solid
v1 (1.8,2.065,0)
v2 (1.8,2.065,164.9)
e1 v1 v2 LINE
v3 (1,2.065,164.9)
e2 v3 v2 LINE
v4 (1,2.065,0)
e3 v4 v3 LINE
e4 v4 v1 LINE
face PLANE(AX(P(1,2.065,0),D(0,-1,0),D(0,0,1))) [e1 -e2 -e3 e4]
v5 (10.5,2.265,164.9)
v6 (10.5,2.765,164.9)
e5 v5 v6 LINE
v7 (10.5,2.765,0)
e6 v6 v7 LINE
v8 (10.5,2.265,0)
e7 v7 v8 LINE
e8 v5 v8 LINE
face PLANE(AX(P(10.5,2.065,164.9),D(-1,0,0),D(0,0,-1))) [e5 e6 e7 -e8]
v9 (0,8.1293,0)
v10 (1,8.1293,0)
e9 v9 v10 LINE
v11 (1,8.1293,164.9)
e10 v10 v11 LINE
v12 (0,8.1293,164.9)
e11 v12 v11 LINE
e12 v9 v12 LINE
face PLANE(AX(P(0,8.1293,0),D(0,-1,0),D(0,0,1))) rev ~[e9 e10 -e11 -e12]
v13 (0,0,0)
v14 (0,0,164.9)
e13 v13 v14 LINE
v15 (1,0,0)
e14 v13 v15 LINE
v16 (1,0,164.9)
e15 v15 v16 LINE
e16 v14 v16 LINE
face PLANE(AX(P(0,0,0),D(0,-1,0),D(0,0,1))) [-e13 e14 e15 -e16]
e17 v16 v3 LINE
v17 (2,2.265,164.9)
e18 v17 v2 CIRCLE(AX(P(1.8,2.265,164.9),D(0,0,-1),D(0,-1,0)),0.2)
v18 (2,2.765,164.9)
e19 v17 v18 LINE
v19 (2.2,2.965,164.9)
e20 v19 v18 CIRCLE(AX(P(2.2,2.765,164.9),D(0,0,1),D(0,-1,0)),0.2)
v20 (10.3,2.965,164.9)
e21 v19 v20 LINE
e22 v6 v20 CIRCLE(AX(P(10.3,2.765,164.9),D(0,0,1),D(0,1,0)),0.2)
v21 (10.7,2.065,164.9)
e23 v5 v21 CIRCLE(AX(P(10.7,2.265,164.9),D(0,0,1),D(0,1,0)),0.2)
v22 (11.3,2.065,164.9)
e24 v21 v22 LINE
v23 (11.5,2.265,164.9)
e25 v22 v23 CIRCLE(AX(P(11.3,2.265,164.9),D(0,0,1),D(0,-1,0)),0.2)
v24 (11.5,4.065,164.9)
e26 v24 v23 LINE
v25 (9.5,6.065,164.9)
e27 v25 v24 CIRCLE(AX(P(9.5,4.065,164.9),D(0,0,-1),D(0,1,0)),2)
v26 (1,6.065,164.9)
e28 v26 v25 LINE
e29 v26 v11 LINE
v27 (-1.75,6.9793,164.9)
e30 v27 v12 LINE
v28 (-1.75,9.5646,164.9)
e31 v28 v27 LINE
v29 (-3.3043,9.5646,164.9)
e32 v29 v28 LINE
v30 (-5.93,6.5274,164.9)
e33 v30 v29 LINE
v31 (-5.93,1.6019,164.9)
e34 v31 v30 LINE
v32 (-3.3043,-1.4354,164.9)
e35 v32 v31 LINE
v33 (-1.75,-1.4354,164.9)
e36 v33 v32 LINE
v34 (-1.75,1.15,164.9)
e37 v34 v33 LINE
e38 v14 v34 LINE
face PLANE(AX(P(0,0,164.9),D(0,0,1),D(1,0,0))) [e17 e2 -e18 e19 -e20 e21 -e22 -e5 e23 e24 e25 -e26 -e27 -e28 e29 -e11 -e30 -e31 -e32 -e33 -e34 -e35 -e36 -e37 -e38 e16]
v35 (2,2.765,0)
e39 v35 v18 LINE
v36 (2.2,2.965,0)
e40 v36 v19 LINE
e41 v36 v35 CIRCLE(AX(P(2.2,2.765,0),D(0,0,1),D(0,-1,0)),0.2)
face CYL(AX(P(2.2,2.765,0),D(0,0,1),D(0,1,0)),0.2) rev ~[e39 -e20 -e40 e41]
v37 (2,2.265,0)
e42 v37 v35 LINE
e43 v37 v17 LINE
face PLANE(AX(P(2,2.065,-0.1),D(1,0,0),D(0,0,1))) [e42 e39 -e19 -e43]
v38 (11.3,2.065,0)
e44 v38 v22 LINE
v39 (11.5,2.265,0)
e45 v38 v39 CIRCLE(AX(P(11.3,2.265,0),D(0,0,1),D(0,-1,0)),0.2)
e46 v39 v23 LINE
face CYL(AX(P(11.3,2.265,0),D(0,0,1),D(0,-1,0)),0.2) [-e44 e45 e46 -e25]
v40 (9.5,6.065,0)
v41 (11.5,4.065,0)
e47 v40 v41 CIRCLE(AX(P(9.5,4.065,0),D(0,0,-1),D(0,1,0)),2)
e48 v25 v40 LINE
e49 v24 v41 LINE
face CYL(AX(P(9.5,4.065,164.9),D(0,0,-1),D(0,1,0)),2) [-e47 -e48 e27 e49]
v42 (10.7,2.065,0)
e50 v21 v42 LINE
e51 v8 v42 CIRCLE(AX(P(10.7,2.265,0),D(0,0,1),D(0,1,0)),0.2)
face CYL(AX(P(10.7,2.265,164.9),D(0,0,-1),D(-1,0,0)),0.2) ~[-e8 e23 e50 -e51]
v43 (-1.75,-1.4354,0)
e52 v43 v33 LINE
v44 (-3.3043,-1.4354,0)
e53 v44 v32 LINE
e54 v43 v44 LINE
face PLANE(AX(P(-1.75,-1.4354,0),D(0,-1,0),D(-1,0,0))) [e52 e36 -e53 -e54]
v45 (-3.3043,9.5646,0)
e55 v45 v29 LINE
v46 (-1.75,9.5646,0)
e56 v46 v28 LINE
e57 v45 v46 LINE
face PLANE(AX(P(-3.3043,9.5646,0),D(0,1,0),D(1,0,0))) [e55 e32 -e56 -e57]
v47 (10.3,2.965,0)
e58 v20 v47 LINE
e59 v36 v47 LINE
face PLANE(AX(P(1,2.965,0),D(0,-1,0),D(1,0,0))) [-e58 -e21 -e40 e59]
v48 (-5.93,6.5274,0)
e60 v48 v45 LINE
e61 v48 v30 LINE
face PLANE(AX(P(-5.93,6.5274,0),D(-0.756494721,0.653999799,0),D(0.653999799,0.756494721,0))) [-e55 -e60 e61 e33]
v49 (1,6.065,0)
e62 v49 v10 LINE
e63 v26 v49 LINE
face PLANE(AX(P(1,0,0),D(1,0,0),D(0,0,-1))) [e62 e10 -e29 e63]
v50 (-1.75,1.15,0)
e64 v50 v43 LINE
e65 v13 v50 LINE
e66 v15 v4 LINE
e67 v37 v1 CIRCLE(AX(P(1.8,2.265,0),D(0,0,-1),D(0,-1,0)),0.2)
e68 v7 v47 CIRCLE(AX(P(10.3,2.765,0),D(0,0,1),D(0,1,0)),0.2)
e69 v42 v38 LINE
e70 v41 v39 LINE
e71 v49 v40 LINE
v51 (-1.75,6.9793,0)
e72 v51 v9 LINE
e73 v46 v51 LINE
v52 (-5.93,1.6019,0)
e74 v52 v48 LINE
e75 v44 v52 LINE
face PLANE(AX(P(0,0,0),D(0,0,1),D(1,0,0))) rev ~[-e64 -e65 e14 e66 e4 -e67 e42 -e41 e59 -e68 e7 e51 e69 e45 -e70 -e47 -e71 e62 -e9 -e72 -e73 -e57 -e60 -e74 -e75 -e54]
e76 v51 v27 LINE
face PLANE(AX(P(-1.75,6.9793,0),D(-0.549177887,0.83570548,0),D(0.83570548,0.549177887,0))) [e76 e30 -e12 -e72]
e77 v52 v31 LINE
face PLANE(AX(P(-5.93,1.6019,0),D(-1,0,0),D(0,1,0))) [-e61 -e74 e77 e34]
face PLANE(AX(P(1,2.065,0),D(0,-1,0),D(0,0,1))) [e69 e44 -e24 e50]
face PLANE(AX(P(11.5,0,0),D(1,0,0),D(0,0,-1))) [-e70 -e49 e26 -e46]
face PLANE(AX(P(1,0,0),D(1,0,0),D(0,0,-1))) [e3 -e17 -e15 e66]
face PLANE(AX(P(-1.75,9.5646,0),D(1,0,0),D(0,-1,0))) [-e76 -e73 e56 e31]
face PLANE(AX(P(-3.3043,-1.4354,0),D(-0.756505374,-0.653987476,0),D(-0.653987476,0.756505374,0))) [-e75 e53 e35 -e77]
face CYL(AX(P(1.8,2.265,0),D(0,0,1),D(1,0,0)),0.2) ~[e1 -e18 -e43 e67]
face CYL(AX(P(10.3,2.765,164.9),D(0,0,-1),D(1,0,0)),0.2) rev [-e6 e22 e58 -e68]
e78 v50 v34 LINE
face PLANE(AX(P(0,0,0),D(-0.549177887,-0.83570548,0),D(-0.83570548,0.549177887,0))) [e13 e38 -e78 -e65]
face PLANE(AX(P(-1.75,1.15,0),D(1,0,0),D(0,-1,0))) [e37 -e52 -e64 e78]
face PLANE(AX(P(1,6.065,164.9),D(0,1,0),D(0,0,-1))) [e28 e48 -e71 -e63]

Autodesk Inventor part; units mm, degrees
ref_plane "YZ Plane" through (0, 0, 0) normal (1, 0, 0) x (0, 1, 0)
ref_plane "XZ Plane" through (0, 0, 0) normal (0, 1, 0) x (-1, 0, 0)
ref_plane "XY Plane" through (0, 0, 0) normal (0, 0, 1) x (1, 0, 0)
sketch "Sketch1" plane through (0, 0, 0) normal (0, 0, 1) x (1, 0, 0)
  line L0 (0.0426, 8.3509) -> (2.1366, 8.3509) construction
  line L1 (-5.93, 6.5274) -> (-3.3043, 9.5646)
  line L2 (-3.3043, 9.5646) -> (-1.75, 9.5646)
  line L3 (-1.75, 9.5646) -> (-1.75, 6.9793)
  line L4 (-1.75, 6.9793) -> (0, 8.1293)
  line L5 (0, 8.1293) -> (0, 0)
  line L6 (0, 0) -> (-1.75, 1.15)
  line L7 (-1.75, 1.15) -> (-1.75, -1.4354)
  line L8 (-1.75, -1.4354) -> (-3.3043, -1.4354)
  line L9 (-3.3043, -1.4354) -> (-5.93, 1.6019)
  line L10 (-5.93, 1.6019) -> (-5.93, 6.5274)
  dimension "d16" = 0
  dimension "d17" = 0
extrude "Extrusion1" add sketch "Sketch1" along normal blind 164.9
sketch "Sketch2" plane through (0, 0, 0) normal (1, 0, 0) x (0, 0, -1)
  line L0 (0, 8.1293) -> (-164.9, 8.1293) projected
  line L1 (0, 0) -> (0, 8.1293) projected
  line L2 (-164.9, 8.1293) -> (0, 8.1293)
  line L3 (0, 8.1293) -> (0, 0)
  line L4 (0, 0) -> (-164.9, 0)
  line L5 (-164.9, 0) -> (-164.9, 8.1293)
extrude "Extrusion2" add sketch "Sketch2" along normal blind 1
sketch "Sketch3" plane through (1, 0, 0) normal (1, 0, 0) x (0, 0, -1)
  line L0 (-164.9, 8.1293) -> (-164.9, 0) projected
  line L1 (0, 2.065) -> (-164.9, 2.065)
  line L2 (-164.9, 2.065) -> (-164.9, 6.065)
  line L3 (-164.9, 6.065) -> (0, 6.065)
  line L4 (0, 6.065) -> (0, 2.065)
  line L5 (0, 2.065) -> (-164.9, 6.065) construction
  line L6 (-164.9, 2.065) -> (0, 6.065) construction
  line L7 (0, 0) -> (0, 8.1293) projected
  point P0 (-82.45, 4.065)
  dimension "d22" = 4
  dimension "d28" = 0
extrude "Extrusion3" add sketch "Sketch3" along normal blind 10.5
sketch "Sketch4" plane through (1, 2.065, 0) normal (0, -1, 0) x (1, 0, 0)
  point P0 (-1, 0)
sketch "Sketch5" plane through (1, 2.065, 0) normal (0, -1, 0) x (1, 0, 0)
  line L0 (0, 164.9) -> (10.5, 164.9) projected
  line L1 (9.5, -0.1) -> (1, -0.1)
  line L2 (1, -0.1) -> (1, 164.9)
  line L3 (1, 164.9) -> (9.5, 164.9)
  line L4 (9.5, 164.9) -> (9.5, -0.1)
  line L5 (9.5, -0.1) -> (1, 164.9) construction
  line L6 (1, -0.1) -> (9.5, 164.9) construction
  point P0 (-1, 0)
  point P1 (5.25, 82.4)
  dimension "d25" = 8.5
extrude "Extrusion4" cut sketch "Sketch5" against normal blind 0.9
fillet "Fillet1" radius 2 1 edges at (11.5, 6.065, 82.45)
fillet "Fillet2" radius 0.2 1 edges at (10.5, 2.965, 82.45)
fillet "Fillet3" radius 0.2 1 edges at (2, 2.965, 82.45)
fillet "Fillet4" radius 0.2 3 edges at (11.5, 2.065, 82.45) (10.5, 2.065, 82.45) (2, 2.065, 82.45)
properties part number "LED Strip Top Mount"
